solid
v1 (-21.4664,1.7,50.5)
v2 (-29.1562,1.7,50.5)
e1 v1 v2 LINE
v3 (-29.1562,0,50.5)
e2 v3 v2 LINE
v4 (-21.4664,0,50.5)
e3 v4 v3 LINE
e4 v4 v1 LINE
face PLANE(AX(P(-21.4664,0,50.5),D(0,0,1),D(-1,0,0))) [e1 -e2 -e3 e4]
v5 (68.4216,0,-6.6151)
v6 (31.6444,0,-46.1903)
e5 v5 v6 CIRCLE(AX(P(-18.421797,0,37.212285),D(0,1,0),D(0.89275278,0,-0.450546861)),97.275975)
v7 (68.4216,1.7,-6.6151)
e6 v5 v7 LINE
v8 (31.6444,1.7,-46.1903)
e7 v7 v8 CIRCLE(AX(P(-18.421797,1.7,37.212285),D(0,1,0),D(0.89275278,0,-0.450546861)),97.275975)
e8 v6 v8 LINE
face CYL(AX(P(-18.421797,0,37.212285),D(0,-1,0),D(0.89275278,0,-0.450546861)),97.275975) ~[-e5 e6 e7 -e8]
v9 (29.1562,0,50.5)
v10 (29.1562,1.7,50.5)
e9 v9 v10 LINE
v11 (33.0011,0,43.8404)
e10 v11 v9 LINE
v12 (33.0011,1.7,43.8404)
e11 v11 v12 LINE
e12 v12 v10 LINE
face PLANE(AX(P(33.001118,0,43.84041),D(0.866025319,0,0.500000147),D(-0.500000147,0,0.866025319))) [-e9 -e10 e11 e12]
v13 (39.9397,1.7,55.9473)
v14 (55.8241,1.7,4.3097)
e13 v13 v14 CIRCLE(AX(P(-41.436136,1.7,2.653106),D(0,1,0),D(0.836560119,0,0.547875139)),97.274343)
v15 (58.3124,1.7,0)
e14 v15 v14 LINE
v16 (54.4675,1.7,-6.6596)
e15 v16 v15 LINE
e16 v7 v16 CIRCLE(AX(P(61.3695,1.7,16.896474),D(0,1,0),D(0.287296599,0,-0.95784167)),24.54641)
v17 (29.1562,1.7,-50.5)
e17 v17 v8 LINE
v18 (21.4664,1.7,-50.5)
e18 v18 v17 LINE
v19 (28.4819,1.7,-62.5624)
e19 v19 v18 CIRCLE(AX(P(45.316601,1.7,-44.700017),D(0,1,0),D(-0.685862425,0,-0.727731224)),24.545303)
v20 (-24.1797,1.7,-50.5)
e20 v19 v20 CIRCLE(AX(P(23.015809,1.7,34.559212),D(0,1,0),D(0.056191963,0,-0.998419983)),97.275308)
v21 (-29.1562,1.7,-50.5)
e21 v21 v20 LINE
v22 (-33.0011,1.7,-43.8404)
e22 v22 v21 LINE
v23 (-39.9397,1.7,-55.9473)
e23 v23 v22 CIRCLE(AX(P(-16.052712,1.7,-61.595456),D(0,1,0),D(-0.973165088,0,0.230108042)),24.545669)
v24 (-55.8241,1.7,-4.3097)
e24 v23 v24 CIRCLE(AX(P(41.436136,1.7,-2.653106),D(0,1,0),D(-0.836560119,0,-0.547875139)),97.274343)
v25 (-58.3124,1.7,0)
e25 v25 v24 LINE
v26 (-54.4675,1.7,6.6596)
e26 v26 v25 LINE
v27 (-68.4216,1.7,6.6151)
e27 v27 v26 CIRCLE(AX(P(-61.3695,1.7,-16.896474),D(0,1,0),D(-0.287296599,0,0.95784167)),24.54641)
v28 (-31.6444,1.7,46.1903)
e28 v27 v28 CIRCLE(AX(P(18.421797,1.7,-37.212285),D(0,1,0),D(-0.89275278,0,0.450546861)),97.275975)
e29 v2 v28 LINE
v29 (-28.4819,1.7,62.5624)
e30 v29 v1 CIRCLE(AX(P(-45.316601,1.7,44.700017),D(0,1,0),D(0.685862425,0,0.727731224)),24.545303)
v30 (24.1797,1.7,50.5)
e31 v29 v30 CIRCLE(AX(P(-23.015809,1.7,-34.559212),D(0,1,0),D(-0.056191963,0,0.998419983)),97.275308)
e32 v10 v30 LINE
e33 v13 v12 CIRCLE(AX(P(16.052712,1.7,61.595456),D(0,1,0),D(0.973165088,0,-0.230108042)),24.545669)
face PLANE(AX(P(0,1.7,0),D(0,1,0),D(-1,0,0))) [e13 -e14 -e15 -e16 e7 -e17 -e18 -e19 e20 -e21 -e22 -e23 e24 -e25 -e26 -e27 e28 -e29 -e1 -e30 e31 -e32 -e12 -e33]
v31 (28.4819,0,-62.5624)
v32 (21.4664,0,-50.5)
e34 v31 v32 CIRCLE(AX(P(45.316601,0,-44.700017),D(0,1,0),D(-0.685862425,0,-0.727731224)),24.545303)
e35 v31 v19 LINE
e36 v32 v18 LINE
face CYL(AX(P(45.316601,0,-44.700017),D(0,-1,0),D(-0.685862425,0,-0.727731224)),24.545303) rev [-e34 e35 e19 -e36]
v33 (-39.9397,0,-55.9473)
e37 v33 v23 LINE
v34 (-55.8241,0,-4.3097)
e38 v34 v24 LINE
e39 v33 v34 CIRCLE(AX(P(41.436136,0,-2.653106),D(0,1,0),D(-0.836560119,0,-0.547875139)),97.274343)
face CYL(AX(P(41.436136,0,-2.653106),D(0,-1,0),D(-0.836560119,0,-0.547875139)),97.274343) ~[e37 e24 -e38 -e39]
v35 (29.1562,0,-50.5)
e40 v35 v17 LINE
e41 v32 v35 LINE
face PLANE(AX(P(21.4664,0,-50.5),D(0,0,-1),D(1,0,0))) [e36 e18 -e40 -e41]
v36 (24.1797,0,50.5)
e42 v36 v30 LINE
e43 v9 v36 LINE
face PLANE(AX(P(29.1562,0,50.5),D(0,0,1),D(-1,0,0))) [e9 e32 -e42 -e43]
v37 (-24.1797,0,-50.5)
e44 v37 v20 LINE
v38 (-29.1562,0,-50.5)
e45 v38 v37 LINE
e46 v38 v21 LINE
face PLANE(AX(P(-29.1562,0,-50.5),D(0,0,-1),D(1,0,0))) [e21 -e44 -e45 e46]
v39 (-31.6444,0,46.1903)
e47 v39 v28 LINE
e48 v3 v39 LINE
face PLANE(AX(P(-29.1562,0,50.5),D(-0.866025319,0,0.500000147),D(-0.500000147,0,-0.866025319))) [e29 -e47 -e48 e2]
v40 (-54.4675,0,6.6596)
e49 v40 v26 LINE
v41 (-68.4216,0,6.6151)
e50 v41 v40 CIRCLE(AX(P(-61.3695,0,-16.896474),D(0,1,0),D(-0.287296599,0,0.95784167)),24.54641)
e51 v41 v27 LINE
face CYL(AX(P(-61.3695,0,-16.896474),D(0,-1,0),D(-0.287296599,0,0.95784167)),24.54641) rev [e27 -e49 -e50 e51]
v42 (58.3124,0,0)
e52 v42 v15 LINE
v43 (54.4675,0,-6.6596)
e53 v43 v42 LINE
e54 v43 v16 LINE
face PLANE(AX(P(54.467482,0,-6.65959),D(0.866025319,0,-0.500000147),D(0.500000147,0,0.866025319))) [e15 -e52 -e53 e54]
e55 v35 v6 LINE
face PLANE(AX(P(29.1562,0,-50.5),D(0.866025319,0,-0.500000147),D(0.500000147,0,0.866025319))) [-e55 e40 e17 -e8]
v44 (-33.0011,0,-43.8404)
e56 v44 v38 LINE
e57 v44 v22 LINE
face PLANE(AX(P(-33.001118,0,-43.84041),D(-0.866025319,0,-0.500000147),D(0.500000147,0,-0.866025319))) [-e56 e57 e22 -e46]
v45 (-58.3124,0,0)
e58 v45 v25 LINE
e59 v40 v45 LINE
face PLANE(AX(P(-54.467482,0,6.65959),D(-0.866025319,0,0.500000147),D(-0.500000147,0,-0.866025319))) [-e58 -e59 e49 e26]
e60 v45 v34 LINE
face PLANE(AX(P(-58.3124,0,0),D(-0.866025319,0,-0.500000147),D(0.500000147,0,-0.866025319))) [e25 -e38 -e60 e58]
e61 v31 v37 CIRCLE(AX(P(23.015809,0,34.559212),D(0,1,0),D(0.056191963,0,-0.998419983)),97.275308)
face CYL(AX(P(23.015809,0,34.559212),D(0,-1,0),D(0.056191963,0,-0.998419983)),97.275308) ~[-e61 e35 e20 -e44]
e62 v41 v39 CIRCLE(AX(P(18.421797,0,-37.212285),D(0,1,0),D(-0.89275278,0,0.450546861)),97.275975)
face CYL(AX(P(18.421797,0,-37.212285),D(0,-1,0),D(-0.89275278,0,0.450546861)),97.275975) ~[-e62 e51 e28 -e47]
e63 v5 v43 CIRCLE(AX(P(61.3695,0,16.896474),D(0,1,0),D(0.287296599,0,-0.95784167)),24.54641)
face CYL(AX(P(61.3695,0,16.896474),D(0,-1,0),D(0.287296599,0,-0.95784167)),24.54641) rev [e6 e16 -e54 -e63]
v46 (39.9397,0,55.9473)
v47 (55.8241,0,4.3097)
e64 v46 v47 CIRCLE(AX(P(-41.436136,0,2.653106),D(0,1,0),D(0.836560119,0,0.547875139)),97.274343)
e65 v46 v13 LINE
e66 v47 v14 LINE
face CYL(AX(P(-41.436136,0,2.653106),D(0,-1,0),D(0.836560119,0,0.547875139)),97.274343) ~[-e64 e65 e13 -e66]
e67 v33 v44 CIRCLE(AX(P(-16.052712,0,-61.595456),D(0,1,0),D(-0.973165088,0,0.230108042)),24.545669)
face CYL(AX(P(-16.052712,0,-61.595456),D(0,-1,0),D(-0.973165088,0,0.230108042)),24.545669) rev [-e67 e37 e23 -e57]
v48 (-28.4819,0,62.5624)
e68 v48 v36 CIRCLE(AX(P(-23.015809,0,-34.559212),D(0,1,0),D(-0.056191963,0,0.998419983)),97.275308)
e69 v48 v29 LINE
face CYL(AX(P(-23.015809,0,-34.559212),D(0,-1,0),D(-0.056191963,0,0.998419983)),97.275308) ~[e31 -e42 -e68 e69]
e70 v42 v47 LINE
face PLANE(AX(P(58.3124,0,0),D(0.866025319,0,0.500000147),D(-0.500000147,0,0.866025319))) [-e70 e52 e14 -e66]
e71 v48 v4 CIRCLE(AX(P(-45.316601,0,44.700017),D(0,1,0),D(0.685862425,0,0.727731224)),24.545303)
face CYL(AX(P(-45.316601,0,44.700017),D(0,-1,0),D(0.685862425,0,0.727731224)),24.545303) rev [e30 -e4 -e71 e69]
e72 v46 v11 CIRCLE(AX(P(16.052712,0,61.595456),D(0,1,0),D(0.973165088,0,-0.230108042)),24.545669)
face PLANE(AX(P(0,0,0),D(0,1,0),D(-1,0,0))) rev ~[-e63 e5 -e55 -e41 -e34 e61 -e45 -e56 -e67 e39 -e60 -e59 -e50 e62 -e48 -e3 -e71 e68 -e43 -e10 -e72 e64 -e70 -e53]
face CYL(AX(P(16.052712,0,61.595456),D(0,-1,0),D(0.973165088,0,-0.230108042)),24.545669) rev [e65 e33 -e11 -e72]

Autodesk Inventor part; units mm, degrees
ref_plane "YZ Plane" through (0, 0, 0) normal (1, 0, 0) x (0, 1, 0)
ref_plane "XZ Plane" through (0, 0, 0) normal (0, 1, 0) x (-1, 0, 0)
ref_plane "XY Plane" through (0, 0, 0) normal (0, 0, 1) x (1, 0, 0)
sketch "Sketch1" plane through (0, 0, 0) normal (0, 1, 0) x (-1, 0, 0)
  line L0 (-29.1562, -50.5) -> (-58.3124, 0)
  line L1 (-58.3124, 0) -> (-29.1562, 50.5)
  line L2 (-29.1562, 50.5) -> (29.1562, 50.5)
  line L3 (29.1562, 50.5) -> (58.3124, 0)
  line L4 (58.3124, 0) -> (29.1562, -50.5)
  line L5 (29.1562, -50.5) -> (-29.1562, -50.5)
  arc A0 (-28.4819, -62.5624) -> (-21.4664, -50.5) centre (-45.317, -44.6997) ccw
  arc A1 (-28.4819, -62.5624) -> (24.1797, -50.5) centre (-23.0158, 34.5591) ccw
  line L6 (24.1797, -50.5) -> (-21.4664, -50.5)
  arc A2 (39.9397, -55.9473) -> (33.0011, -43.8404) centre (16.0526, -61.5955) ccw
  arc A3 (39.9397, -55.9473) -> (55.8241, -4.3097) centre (-41.437, -2.6527) ccw
  line L7 (55.8241, -4.3097) -> (33.0011, -43.8404)
  arc A4 (68.4216, 6.6151) -> (54.4675, 6.6596) centre (61.3696, -16.8958) ccw
  arc A5 (68.4216, 6.6151) -> (31.6444, 46.1903) centre (-18.4211, -37.2118) ccw
  line L8 (31.6444, 46.1903) -> (54.4675, 6.6596)
  arc A6 (28.4819, 62.5624) -> (21.4664, 50.5) centre (45.317, 44.6997) ccw
  arc A7 (28.4819, 62.5624) -> (-24.1797, 50.5) centre (23.0158, -34.5591) ccw
  line L9 (-24.1797, 50.5) -> (21.4664, 50.5)
  arc A8 (-39.9397, 55.9473) -> (-33.0011, 43.8404) centre (-16.0526, 61.5955) ccw
  arc A9 (-39.9397, 55.9473) -> (-55.8241, 4.3097) centre (41.437, 2.6527) ccw
  line L10 (-55.8241, 4.3097) -> (-33.0011, 43.8404)
  arc A10 (-68.4216, -6.6151) -> (-54.4675, -6.6596) centre (-61.3696, 16.8958) ccw
  arc A11 (-68.4216, -6.6151) -> (-31.6444, -46.1903) centre (18.4211, 37.2118) ccw
  line L11 (-31.6444, -46.1903) -> (-54.4675, -6.6596)
  point P0 (0, 0)
  point P1 (0, 0)
  point P2 (31.6444, 46.1903)
  point P3 (54.4675, 6.6596)
  point P4 (-24.1797, 50.5)
  point P5 (21.4664, 50.5)
  point P6 (-55.8241, 4.3097)
  point P7 (-31.6444, -46.1903)
  point P8 (-54.4675, -6.6596)
  point P9 (55.8241, -4.3097)
  point P10 (33.0011, -43.8404)
  dimension "d0" = 101
  dimension "d19" = 360
  dimension "d21" = 24.5458
  dimension "d22" = 97.2752
  dimension "d23" = 4.9765
  dimension "d24" = 7.6898
extrude "Extrusion1" add sketch "Sketch1" along normal blind 1.7
properties part number "Hex_Nexus" material "Paper"
